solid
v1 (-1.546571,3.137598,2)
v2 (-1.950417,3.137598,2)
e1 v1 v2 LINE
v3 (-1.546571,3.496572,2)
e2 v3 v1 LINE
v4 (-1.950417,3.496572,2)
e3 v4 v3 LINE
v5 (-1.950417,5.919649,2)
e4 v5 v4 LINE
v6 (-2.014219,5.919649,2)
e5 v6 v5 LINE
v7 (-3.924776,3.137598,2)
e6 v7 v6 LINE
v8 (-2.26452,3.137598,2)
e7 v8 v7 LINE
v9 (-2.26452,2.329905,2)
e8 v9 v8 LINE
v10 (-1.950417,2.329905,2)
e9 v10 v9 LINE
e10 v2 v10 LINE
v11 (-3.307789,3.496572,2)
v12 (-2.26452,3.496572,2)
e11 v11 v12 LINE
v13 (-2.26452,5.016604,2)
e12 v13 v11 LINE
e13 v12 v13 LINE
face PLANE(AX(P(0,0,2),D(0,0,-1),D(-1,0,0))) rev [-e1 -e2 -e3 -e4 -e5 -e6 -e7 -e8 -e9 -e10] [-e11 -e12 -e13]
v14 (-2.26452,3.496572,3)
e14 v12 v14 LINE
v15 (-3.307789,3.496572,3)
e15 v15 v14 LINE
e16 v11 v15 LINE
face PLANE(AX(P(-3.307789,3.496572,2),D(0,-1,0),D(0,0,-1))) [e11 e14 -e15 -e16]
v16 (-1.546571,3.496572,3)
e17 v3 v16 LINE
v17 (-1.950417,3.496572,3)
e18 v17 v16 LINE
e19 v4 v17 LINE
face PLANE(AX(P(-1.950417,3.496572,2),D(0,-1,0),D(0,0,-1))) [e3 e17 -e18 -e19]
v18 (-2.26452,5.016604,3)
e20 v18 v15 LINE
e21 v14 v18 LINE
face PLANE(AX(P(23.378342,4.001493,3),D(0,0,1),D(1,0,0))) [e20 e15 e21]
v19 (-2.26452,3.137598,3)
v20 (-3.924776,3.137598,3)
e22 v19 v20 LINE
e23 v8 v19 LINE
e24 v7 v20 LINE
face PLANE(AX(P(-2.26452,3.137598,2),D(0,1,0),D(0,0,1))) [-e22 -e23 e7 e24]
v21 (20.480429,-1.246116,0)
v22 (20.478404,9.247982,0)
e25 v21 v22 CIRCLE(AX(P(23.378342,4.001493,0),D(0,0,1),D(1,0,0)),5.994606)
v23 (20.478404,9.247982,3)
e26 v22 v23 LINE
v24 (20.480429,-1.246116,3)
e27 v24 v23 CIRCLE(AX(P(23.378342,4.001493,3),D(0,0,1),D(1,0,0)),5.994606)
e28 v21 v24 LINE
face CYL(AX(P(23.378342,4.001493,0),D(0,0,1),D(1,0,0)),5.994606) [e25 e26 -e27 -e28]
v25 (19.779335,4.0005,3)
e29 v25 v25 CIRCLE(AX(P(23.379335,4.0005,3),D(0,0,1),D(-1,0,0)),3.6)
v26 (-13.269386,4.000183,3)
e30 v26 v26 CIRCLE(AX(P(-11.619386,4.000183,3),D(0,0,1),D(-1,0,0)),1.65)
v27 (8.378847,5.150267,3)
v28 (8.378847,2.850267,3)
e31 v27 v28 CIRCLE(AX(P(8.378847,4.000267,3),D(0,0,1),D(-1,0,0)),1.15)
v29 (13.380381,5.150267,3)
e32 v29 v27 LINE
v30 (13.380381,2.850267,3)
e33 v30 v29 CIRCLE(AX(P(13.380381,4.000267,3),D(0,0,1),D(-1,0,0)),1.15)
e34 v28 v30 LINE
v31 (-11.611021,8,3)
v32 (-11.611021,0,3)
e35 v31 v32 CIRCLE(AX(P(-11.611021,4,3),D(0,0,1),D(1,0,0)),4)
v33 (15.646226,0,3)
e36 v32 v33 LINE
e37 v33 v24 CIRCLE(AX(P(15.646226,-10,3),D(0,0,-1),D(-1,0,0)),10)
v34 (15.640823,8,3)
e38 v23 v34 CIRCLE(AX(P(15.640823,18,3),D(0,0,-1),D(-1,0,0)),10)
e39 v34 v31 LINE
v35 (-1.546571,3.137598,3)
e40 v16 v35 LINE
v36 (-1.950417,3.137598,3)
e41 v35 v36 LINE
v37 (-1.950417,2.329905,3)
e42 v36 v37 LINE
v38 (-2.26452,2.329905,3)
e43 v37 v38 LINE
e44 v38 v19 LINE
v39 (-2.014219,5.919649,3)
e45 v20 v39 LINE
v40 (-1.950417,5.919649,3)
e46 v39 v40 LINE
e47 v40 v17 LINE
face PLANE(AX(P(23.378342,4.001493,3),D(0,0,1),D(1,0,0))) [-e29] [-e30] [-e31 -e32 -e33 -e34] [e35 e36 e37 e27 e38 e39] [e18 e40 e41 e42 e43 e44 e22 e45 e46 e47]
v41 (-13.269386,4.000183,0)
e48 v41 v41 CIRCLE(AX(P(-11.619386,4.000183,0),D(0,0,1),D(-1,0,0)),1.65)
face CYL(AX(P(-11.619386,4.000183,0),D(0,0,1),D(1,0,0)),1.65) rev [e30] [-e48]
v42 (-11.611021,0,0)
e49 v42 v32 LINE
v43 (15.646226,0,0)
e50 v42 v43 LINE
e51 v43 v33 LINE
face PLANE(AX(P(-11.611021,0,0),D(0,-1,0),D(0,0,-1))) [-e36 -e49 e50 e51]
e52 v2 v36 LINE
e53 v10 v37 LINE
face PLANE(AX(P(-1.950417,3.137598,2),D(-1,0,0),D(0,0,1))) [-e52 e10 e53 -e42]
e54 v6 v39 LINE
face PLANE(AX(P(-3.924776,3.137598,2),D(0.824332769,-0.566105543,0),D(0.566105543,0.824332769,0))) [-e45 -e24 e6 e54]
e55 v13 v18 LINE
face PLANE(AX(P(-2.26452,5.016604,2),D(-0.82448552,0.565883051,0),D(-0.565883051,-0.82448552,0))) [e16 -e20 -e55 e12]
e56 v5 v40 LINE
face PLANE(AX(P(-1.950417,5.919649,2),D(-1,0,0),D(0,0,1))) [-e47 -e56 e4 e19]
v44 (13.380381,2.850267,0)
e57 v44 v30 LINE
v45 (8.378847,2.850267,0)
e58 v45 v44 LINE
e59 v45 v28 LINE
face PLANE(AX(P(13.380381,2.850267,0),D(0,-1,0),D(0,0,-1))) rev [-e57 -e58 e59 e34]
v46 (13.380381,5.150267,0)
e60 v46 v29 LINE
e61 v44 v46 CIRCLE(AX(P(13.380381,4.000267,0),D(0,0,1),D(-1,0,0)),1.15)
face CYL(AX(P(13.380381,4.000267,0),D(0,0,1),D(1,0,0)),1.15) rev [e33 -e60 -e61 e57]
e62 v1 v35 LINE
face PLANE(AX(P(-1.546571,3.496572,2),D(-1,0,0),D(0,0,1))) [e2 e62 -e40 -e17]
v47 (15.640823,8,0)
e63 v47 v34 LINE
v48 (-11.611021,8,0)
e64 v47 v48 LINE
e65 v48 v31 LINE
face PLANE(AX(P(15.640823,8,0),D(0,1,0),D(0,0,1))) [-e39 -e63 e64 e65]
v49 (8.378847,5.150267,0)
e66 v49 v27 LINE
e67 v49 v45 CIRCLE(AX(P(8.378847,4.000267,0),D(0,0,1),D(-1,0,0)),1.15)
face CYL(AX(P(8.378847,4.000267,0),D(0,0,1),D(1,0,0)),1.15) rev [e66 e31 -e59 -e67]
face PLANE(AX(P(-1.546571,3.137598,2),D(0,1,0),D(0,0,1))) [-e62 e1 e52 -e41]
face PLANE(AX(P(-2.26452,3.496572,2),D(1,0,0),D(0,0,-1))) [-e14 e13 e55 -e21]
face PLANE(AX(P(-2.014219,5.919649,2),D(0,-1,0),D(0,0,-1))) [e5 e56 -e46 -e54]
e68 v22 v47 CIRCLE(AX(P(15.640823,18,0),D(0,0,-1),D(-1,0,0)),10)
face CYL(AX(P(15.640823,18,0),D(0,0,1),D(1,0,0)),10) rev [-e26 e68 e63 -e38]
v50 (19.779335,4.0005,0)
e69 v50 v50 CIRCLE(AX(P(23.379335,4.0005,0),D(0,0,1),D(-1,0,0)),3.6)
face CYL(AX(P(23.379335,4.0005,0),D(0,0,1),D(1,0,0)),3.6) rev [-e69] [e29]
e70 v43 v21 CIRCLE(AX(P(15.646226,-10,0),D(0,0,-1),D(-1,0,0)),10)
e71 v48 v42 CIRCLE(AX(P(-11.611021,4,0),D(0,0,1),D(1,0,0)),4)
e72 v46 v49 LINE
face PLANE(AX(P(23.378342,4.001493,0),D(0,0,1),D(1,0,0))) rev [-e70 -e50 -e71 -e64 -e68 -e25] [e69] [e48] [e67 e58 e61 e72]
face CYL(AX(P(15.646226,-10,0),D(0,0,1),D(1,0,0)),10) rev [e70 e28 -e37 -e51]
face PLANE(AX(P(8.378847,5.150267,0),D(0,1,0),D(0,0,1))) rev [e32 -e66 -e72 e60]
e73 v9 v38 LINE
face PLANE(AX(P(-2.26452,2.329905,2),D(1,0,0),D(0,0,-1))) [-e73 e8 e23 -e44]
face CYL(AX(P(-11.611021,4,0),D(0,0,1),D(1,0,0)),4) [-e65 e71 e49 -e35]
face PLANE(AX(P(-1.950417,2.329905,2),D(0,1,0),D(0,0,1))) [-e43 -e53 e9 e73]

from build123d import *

# Parameters (mm, degrees)
SKETCH_1_R          = 1.65
SKETCH_1_R_2        = 3.6
EXTRUDE_1_DEPTH     = 3
CUT_EXTRUDE_1_DEPTH = 1


with BuildPart() as part:
    # 草图1 → 凸台-拉伸1 (new body)
    with BuildSketch(Plane.XY.offset(3)):
        with BuildLine():
            Line((15.64082314, 8), (-11.611020882, 8))
            ThreePointArc((-11.611020882, 8), (-15.611020882, 4), (-11.611020882, 0))
            Line((-11.611020882, 0), (15.646226321, 0))
            ThreePointArc((15.646226321, 0), (18.142339112, -0.316538794), (20.480428598, -1.246115814))
            ThreePointArc((20.480428598, -1.246115814), (29.372947843, 4.002649377), (20.478403544, 9.247982185))
            ThreePointArc((20.478403544, 9.247982185), (18.13880451, 8.317020651), (15.64082314, 8))
        make_face()
        with Locations(Location((-11.619385977, 4.000182729, 0), (0, 0, 180))):
            Circle(SKETCH_1_R, mode=Mode.SUBTRACT)
        with Locations(Location((23.379334845, 4.0005, 0), (0, 0, 180))):
            Circle(SKETCH_1_R_2, mode=Mode.SUBTRACT)
        with BuildLine():
            Line((13.380380647, 2.850266624), (8.378847398, 2.850266624))
            ThreePointArc((8.378847398, 2.850266624), (7.228847398, 4.000266624), (8.378847398, 5.150266624))
            Line((8.378847398, 5.150266624), (13.380380647, 5.150266624))
            ThreePointArc((13.380380647, 5.150266624), (14.530380647, 4.000266624), (13.380380647, 2.850266624))
        make_face(mode=Mode.SUBTRACT)
    extrude(amount=-EXTRUDE_1_DEPTH)

    # 草图2 → 切除-拉伸1 (cut)
    with BuildSketch(Plane.XY.offset(3)):
        Polygon((-2.014219225, 5.919649072), (-1.950417142, 5.919649072), (-1.950417142, 3.496572149), (-1.546570988, 3.496572149), (-1.546570988, 3.13759779), (-1.950417142, 3.13759779), (-1.950417142, 2.329905482), (-2.264519706, 2.329905482), (-2.264519706, 3.13759779), (-3.924776116, 3.13759779), align=None)
        Polygon((-2.264519706, 3.496572149), (-2.264519706, 5.0166042), (-3.307788937, 3.496572149), align=None, mode=Mode.SUBTRACT)
    extrude(amount=-CUT_EXTRUDE_1_DEPTH, mode=Mode.SUBTRACT)


solid = part.part
